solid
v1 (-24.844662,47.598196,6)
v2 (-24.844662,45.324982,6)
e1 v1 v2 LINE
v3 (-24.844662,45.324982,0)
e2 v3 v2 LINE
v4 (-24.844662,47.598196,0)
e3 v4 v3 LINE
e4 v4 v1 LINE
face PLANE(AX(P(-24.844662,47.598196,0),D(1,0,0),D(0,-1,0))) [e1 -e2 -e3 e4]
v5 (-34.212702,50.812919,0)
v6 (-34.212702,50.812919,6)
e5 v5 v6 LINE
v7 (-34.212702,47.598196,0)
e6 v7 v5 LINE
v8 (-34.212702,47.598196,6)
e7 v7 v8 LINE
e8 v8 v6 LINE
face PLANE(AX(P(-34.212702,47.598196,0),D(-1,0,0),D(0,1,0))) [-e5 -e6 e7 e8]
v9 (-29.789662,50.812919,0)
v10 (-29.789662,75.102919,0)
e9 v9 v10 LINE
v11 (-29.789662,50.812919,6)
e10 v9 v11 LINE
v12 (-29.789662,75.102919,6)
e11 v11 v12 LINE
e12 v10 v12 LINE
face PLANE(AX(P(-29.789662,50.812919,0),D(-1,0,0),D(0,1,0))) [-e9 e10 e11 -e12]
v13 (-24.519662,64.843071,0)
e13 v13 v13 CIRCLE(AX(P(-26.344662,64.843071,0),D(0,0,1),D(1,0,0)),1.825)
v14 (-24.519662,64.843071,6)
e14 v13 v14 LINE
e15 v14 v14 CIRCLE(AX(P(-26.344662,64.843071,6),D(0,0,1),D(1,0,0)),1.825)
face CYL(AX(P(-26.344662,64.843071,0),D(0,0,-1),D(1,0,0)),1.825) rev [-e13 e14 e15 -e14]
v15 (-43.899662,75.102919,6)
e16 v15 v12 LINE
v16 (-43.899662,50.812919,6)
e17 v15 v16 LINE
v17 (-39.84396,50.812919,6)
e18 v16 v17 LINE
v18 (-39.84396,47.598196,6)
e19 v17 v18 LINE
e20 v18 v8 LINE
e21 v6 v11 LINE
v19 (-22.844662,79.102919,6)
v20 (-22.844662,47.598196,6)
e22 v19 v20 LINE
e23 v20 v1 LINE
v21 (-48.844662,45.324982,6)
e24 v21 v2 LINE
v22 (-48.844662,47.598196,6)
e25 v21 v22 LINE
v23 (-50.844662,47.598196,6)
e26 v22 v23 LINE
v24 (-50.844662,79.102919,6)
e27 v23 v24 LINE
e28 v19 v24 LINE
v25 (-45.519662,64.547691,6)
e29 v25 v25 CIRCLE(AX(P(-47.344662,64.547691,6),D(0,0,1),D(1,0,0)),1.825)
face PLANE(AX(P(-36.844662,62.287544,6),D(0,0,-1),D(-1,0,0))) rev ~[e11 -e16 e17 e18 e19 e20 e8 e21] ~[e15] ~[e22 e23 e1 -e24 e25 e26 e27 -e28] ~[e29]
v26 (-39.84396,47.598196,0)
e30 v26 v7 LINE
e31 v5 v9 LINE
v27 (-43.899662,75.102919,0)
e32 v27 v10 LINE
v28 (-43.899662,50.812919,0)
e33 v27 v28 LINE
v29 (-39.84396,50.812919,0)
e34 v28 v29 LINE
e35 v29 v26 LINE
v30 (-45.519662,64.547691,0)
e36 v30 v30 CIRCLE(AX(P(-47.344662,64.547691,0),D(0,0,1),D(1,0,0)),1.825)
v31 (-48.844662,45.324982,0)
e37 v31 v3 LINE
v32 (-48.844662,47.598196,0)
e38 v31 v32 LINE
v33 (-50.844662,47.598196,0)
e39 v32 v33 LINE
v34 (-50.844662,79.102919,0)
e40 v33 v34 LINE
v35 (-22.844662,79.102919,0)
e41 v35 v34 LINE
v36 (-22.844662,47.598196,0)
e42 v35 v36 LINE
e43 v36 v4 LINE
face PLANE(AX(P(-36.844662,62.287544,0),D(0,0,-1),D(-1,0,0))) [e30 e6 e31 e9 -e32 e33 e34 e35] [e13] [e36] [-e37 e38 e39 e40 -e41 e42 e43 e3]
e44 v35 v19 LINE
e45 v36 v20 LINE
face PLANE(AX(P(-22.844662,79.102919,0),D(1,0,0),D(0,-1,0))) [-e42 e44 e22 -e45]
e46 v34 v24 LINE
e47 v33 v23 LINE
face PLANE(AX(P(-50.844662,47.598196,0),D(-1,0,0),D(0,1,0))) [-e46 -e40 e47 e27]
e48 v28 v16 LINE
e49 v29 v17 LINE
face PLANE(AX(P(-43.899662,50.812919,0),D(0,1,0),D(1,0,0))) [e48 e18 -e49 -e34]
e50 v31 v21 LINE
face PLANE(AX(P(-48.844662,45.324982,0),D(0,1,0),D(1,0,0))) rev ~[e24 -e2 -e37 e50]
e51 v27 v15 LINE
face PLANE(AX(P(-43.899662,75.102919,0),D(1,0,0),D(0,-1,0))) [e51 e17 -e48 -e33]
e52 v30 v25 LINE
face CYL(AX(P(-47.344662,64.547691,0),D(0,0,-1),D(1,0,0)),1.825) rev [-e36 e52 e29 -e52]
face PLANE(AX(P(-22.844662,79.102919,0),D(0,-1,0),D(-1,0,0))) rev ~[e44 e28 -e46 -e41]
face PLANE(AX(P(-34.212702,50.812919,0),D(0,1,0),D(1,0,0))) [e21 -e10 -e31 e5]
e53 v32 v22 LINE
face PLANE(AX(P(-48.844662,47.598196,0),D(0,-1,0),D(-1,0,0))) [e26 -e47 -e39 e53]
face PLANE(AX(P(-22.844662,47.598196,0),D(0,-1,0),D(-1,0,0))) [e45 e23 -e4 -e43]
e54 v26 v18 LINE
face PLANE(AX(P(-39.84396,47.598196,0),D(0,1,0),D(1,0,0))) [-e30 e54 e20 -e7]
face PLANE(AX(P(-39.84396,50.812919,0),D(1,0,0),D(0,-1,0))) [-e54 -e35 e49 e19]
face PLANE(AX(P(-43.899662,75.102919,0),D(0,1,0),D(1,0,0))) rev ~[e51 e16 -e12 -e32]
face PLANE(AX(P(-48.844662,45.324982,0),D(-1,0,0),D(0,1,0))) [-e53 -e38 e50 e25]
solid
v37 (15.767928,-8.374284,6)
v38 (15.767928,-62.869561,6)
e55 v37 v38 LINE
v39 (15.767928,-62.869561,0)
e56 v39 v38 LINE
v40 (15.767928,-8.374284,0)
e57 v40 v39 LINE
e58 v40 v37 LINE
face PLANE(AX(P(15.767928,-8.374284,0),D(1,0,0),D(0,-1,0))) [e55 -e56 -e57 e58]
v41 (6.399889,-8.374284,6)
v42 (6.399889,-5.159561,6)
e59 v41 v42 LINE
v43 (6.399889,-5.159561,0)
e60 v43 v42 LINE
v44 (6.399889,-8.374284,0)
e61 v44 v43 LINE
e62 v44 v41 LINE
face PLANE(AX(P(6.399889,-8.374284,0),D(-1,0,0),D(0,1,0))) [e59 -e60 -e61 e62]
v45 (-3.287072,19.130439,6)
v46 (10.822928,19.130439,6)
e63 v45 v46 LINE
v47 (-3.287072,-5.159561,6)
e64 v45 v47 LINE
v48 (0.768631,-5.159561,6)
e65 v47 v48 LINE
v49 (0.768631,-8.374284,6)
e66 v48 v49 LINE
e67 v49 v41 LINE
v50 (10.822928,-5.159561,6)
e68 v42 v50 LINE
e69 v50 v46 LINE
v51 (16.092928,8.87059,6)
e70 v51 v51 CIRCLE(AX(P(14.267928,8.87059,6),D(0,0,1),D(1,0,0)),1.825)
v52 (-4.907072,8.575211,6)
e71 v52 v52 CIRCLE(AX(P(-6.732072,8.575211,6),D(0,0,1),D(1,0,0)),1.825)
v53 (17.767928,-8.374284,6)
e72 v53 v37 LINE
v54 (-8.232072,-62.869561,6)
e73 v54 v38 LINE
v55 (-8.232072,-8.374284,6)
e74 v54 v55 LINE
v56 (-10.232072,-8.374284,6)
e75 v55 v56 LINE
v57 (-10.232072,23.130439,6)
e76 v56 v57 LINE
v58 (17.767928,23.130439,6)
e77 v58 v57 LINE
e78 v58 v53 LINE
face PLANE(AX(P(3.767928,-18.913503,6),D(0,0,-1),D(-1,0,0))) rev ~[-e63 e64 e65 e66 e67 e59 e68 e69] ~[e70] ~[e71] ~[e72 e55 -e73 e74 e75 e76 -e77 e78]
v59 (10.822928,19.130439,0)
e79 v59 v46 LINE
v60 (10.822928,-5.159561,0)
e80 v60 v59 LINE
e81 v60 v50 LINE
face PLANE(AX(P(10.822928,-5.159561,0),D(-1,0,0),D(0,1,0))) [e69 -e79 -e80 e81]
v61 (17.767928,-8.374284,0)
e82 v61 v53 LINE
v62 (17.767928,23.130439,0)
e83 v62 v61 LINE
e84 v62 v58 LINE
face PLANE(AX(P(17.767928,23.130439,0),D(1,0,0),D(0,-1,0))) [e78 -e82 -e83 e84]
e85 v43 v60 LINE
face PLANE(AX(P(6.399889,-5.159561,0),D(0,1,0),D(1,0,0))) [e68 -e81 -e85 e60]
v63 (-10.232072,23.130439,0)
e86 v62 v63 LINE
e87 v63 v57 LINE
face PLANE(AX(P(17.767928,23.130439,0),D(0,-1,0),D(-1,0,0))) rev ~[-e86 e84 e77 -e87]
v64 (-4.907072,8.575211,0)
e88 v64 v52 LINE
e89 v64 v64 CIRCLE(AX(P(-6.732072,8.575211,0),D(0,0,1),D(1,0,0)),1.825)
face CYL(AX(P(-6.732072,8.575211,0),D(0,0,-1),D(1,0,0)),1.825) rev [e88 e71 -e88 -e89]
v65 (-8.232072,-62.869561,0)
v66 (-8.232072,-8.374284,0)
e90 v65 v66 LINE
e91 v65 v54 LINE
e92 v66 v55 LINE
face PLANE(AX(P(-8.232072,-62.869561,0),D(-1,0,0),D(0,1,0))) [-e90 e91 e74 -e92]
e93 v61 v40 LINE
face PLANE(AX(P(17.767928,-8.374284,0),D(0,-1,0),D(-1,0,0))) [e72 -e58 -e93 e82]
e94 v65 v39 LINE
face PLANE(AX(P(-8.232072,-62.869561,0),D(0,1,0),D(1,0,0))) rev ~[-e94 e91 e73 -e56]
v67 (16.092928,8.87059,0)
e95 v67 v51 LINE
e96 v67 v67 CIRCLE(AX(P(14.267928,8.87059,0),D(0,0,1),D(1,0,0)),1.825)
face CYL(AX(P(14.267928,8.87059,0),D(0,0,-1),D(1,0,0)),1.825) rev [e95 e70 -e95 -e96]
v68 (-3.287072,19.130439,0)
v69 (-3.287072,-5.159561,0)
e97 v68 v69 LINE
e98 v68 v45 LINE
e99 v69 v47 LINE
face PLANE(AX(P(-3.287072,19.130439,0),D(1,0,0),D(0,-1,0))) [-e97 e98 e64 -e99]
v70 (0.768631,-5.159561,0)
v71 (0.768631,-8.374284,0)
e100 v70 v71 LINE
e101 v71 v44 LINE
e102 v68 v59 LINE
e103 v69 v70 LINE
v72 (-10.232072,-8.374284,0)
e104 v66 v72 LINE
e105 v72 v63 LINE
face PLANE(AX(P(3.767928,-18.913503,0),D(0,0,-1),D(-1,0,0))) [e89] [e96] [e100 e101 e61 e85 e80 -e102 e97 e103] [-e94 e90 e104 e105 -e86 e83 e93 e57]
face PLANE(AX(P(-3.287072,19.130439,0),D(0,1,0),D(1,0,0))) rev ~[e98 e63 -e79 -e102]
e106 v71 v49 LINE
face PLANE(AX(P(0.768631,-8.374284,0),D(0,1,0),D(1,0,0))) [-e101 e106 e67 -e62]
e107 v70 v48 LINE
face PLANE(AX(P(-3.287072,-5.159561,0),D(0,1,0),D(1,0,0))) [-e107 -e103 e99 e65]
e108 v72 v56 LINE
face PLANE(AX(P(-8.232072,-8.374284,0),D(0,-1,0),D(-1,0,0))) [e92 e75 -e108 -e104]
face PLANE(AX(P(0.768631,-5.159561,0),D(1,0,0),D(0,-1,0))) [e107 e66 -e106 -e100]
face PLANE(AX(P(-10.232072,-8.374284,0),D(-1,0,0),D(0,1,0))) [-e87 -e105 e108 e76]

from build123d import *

# Parameters (mm, degrees)
SKETCH1_R           = 1.825
BOSS_EXTRUDE1_DEPTH = 6
SKETCH3_R           = 1.825
BOSS_EXTRUDE2_DEPTH = 6


with BuildPart() as part:
    # Sketch1 → Boss-Extrude1 (new body)
    with BuildSketch(Plane.XY):
        Polygon((3.767928447, -62.86956086), (-8.232071553, -62.86956086), (-8.232071553, -8.37428403), (-10.232071553, -8.37428403), (-10.232071553, 23.13043914), (-8.232071553, 23.13043914), (3.767928447, 23.13043914), (15.767928447, 23.13043914), (17.767928447, 23.13043914), (17.767928447, -8.37428403), (15.767928447, -8.37428403), (15.767928447, -62.86956086), align=None)
        with Locations((-6.732071553, 8.575211091)):
            Circle(SKETCH1_R, mode=Mode.SUBTRACT)
        with Locations((14.267928447, 8.870590402)):
            Circle(SKETCH1_R, mode=Mode.SUBTRACT)
        Polygon((3.767928447, 19.13043914), (-3.287071553, 19.13043914), (-3.287071553, -5.15956086), (0.76863058, -5.15956086), (0.76863058, -8.37428403), (6.399888712, -8.37428403), (6.399888712, -5.15956086), (10.822928447, -5.15956086), (10.822928447, 19.13043914), align=None, mode=Mode.SUBTRACT)
    extrude(amount=BOSS_EXTRUDE1_DEPTH)


with BuildPart() as body_2:
    # Sketch3 → Boss-Extrude2 (new body)
    with BuildSketch(Plane.XY):
        Polygon((-36.844661852, 45.324982103), (-48.844661852, 45.324982103), (-48.844661852, 47.59819619), (-50.844661852, 47.59819619), (-50.844661852, 79.10291936), (-48.844661852, 79.10291936), (-36.844661852, 79.10291936), (-24.844661852, 79.10291936), (-22.844661852, 79.10291936), (-22.844661852, 47.59819619), (-24.844661852, 47.59819619), (-24.844661852, 45.324982103), align=None)
        with Locations((-47.344661852, 64.547691311)):
            Circle(SKETCH3_R, mode=Mode.SUBTRACT)
        with Locations((-26.344661852, 64.843070622)):
            Circle(SKETCH3_R, mode=Mode.SUBTRACT)
        Polygon((-36.844661852, 75.10291936), (-43.899661852, 75.10291936), (-43.899661852, 50.81291936), (-39.843959719, 50.81291936), (-39.843959719, 47.59819619), (-34.212701587, 47.59819619), (-34.212701587, 50.81291936), (-29.789661852, 50.81291936), (-29.789661852, 75.10291936), align=None, mode=Mode.SUBTRACT)
    extrude(amount=BOSS_EXTRUDE2_DEPTH)


solid = Compound([part.part, body_2.part])
